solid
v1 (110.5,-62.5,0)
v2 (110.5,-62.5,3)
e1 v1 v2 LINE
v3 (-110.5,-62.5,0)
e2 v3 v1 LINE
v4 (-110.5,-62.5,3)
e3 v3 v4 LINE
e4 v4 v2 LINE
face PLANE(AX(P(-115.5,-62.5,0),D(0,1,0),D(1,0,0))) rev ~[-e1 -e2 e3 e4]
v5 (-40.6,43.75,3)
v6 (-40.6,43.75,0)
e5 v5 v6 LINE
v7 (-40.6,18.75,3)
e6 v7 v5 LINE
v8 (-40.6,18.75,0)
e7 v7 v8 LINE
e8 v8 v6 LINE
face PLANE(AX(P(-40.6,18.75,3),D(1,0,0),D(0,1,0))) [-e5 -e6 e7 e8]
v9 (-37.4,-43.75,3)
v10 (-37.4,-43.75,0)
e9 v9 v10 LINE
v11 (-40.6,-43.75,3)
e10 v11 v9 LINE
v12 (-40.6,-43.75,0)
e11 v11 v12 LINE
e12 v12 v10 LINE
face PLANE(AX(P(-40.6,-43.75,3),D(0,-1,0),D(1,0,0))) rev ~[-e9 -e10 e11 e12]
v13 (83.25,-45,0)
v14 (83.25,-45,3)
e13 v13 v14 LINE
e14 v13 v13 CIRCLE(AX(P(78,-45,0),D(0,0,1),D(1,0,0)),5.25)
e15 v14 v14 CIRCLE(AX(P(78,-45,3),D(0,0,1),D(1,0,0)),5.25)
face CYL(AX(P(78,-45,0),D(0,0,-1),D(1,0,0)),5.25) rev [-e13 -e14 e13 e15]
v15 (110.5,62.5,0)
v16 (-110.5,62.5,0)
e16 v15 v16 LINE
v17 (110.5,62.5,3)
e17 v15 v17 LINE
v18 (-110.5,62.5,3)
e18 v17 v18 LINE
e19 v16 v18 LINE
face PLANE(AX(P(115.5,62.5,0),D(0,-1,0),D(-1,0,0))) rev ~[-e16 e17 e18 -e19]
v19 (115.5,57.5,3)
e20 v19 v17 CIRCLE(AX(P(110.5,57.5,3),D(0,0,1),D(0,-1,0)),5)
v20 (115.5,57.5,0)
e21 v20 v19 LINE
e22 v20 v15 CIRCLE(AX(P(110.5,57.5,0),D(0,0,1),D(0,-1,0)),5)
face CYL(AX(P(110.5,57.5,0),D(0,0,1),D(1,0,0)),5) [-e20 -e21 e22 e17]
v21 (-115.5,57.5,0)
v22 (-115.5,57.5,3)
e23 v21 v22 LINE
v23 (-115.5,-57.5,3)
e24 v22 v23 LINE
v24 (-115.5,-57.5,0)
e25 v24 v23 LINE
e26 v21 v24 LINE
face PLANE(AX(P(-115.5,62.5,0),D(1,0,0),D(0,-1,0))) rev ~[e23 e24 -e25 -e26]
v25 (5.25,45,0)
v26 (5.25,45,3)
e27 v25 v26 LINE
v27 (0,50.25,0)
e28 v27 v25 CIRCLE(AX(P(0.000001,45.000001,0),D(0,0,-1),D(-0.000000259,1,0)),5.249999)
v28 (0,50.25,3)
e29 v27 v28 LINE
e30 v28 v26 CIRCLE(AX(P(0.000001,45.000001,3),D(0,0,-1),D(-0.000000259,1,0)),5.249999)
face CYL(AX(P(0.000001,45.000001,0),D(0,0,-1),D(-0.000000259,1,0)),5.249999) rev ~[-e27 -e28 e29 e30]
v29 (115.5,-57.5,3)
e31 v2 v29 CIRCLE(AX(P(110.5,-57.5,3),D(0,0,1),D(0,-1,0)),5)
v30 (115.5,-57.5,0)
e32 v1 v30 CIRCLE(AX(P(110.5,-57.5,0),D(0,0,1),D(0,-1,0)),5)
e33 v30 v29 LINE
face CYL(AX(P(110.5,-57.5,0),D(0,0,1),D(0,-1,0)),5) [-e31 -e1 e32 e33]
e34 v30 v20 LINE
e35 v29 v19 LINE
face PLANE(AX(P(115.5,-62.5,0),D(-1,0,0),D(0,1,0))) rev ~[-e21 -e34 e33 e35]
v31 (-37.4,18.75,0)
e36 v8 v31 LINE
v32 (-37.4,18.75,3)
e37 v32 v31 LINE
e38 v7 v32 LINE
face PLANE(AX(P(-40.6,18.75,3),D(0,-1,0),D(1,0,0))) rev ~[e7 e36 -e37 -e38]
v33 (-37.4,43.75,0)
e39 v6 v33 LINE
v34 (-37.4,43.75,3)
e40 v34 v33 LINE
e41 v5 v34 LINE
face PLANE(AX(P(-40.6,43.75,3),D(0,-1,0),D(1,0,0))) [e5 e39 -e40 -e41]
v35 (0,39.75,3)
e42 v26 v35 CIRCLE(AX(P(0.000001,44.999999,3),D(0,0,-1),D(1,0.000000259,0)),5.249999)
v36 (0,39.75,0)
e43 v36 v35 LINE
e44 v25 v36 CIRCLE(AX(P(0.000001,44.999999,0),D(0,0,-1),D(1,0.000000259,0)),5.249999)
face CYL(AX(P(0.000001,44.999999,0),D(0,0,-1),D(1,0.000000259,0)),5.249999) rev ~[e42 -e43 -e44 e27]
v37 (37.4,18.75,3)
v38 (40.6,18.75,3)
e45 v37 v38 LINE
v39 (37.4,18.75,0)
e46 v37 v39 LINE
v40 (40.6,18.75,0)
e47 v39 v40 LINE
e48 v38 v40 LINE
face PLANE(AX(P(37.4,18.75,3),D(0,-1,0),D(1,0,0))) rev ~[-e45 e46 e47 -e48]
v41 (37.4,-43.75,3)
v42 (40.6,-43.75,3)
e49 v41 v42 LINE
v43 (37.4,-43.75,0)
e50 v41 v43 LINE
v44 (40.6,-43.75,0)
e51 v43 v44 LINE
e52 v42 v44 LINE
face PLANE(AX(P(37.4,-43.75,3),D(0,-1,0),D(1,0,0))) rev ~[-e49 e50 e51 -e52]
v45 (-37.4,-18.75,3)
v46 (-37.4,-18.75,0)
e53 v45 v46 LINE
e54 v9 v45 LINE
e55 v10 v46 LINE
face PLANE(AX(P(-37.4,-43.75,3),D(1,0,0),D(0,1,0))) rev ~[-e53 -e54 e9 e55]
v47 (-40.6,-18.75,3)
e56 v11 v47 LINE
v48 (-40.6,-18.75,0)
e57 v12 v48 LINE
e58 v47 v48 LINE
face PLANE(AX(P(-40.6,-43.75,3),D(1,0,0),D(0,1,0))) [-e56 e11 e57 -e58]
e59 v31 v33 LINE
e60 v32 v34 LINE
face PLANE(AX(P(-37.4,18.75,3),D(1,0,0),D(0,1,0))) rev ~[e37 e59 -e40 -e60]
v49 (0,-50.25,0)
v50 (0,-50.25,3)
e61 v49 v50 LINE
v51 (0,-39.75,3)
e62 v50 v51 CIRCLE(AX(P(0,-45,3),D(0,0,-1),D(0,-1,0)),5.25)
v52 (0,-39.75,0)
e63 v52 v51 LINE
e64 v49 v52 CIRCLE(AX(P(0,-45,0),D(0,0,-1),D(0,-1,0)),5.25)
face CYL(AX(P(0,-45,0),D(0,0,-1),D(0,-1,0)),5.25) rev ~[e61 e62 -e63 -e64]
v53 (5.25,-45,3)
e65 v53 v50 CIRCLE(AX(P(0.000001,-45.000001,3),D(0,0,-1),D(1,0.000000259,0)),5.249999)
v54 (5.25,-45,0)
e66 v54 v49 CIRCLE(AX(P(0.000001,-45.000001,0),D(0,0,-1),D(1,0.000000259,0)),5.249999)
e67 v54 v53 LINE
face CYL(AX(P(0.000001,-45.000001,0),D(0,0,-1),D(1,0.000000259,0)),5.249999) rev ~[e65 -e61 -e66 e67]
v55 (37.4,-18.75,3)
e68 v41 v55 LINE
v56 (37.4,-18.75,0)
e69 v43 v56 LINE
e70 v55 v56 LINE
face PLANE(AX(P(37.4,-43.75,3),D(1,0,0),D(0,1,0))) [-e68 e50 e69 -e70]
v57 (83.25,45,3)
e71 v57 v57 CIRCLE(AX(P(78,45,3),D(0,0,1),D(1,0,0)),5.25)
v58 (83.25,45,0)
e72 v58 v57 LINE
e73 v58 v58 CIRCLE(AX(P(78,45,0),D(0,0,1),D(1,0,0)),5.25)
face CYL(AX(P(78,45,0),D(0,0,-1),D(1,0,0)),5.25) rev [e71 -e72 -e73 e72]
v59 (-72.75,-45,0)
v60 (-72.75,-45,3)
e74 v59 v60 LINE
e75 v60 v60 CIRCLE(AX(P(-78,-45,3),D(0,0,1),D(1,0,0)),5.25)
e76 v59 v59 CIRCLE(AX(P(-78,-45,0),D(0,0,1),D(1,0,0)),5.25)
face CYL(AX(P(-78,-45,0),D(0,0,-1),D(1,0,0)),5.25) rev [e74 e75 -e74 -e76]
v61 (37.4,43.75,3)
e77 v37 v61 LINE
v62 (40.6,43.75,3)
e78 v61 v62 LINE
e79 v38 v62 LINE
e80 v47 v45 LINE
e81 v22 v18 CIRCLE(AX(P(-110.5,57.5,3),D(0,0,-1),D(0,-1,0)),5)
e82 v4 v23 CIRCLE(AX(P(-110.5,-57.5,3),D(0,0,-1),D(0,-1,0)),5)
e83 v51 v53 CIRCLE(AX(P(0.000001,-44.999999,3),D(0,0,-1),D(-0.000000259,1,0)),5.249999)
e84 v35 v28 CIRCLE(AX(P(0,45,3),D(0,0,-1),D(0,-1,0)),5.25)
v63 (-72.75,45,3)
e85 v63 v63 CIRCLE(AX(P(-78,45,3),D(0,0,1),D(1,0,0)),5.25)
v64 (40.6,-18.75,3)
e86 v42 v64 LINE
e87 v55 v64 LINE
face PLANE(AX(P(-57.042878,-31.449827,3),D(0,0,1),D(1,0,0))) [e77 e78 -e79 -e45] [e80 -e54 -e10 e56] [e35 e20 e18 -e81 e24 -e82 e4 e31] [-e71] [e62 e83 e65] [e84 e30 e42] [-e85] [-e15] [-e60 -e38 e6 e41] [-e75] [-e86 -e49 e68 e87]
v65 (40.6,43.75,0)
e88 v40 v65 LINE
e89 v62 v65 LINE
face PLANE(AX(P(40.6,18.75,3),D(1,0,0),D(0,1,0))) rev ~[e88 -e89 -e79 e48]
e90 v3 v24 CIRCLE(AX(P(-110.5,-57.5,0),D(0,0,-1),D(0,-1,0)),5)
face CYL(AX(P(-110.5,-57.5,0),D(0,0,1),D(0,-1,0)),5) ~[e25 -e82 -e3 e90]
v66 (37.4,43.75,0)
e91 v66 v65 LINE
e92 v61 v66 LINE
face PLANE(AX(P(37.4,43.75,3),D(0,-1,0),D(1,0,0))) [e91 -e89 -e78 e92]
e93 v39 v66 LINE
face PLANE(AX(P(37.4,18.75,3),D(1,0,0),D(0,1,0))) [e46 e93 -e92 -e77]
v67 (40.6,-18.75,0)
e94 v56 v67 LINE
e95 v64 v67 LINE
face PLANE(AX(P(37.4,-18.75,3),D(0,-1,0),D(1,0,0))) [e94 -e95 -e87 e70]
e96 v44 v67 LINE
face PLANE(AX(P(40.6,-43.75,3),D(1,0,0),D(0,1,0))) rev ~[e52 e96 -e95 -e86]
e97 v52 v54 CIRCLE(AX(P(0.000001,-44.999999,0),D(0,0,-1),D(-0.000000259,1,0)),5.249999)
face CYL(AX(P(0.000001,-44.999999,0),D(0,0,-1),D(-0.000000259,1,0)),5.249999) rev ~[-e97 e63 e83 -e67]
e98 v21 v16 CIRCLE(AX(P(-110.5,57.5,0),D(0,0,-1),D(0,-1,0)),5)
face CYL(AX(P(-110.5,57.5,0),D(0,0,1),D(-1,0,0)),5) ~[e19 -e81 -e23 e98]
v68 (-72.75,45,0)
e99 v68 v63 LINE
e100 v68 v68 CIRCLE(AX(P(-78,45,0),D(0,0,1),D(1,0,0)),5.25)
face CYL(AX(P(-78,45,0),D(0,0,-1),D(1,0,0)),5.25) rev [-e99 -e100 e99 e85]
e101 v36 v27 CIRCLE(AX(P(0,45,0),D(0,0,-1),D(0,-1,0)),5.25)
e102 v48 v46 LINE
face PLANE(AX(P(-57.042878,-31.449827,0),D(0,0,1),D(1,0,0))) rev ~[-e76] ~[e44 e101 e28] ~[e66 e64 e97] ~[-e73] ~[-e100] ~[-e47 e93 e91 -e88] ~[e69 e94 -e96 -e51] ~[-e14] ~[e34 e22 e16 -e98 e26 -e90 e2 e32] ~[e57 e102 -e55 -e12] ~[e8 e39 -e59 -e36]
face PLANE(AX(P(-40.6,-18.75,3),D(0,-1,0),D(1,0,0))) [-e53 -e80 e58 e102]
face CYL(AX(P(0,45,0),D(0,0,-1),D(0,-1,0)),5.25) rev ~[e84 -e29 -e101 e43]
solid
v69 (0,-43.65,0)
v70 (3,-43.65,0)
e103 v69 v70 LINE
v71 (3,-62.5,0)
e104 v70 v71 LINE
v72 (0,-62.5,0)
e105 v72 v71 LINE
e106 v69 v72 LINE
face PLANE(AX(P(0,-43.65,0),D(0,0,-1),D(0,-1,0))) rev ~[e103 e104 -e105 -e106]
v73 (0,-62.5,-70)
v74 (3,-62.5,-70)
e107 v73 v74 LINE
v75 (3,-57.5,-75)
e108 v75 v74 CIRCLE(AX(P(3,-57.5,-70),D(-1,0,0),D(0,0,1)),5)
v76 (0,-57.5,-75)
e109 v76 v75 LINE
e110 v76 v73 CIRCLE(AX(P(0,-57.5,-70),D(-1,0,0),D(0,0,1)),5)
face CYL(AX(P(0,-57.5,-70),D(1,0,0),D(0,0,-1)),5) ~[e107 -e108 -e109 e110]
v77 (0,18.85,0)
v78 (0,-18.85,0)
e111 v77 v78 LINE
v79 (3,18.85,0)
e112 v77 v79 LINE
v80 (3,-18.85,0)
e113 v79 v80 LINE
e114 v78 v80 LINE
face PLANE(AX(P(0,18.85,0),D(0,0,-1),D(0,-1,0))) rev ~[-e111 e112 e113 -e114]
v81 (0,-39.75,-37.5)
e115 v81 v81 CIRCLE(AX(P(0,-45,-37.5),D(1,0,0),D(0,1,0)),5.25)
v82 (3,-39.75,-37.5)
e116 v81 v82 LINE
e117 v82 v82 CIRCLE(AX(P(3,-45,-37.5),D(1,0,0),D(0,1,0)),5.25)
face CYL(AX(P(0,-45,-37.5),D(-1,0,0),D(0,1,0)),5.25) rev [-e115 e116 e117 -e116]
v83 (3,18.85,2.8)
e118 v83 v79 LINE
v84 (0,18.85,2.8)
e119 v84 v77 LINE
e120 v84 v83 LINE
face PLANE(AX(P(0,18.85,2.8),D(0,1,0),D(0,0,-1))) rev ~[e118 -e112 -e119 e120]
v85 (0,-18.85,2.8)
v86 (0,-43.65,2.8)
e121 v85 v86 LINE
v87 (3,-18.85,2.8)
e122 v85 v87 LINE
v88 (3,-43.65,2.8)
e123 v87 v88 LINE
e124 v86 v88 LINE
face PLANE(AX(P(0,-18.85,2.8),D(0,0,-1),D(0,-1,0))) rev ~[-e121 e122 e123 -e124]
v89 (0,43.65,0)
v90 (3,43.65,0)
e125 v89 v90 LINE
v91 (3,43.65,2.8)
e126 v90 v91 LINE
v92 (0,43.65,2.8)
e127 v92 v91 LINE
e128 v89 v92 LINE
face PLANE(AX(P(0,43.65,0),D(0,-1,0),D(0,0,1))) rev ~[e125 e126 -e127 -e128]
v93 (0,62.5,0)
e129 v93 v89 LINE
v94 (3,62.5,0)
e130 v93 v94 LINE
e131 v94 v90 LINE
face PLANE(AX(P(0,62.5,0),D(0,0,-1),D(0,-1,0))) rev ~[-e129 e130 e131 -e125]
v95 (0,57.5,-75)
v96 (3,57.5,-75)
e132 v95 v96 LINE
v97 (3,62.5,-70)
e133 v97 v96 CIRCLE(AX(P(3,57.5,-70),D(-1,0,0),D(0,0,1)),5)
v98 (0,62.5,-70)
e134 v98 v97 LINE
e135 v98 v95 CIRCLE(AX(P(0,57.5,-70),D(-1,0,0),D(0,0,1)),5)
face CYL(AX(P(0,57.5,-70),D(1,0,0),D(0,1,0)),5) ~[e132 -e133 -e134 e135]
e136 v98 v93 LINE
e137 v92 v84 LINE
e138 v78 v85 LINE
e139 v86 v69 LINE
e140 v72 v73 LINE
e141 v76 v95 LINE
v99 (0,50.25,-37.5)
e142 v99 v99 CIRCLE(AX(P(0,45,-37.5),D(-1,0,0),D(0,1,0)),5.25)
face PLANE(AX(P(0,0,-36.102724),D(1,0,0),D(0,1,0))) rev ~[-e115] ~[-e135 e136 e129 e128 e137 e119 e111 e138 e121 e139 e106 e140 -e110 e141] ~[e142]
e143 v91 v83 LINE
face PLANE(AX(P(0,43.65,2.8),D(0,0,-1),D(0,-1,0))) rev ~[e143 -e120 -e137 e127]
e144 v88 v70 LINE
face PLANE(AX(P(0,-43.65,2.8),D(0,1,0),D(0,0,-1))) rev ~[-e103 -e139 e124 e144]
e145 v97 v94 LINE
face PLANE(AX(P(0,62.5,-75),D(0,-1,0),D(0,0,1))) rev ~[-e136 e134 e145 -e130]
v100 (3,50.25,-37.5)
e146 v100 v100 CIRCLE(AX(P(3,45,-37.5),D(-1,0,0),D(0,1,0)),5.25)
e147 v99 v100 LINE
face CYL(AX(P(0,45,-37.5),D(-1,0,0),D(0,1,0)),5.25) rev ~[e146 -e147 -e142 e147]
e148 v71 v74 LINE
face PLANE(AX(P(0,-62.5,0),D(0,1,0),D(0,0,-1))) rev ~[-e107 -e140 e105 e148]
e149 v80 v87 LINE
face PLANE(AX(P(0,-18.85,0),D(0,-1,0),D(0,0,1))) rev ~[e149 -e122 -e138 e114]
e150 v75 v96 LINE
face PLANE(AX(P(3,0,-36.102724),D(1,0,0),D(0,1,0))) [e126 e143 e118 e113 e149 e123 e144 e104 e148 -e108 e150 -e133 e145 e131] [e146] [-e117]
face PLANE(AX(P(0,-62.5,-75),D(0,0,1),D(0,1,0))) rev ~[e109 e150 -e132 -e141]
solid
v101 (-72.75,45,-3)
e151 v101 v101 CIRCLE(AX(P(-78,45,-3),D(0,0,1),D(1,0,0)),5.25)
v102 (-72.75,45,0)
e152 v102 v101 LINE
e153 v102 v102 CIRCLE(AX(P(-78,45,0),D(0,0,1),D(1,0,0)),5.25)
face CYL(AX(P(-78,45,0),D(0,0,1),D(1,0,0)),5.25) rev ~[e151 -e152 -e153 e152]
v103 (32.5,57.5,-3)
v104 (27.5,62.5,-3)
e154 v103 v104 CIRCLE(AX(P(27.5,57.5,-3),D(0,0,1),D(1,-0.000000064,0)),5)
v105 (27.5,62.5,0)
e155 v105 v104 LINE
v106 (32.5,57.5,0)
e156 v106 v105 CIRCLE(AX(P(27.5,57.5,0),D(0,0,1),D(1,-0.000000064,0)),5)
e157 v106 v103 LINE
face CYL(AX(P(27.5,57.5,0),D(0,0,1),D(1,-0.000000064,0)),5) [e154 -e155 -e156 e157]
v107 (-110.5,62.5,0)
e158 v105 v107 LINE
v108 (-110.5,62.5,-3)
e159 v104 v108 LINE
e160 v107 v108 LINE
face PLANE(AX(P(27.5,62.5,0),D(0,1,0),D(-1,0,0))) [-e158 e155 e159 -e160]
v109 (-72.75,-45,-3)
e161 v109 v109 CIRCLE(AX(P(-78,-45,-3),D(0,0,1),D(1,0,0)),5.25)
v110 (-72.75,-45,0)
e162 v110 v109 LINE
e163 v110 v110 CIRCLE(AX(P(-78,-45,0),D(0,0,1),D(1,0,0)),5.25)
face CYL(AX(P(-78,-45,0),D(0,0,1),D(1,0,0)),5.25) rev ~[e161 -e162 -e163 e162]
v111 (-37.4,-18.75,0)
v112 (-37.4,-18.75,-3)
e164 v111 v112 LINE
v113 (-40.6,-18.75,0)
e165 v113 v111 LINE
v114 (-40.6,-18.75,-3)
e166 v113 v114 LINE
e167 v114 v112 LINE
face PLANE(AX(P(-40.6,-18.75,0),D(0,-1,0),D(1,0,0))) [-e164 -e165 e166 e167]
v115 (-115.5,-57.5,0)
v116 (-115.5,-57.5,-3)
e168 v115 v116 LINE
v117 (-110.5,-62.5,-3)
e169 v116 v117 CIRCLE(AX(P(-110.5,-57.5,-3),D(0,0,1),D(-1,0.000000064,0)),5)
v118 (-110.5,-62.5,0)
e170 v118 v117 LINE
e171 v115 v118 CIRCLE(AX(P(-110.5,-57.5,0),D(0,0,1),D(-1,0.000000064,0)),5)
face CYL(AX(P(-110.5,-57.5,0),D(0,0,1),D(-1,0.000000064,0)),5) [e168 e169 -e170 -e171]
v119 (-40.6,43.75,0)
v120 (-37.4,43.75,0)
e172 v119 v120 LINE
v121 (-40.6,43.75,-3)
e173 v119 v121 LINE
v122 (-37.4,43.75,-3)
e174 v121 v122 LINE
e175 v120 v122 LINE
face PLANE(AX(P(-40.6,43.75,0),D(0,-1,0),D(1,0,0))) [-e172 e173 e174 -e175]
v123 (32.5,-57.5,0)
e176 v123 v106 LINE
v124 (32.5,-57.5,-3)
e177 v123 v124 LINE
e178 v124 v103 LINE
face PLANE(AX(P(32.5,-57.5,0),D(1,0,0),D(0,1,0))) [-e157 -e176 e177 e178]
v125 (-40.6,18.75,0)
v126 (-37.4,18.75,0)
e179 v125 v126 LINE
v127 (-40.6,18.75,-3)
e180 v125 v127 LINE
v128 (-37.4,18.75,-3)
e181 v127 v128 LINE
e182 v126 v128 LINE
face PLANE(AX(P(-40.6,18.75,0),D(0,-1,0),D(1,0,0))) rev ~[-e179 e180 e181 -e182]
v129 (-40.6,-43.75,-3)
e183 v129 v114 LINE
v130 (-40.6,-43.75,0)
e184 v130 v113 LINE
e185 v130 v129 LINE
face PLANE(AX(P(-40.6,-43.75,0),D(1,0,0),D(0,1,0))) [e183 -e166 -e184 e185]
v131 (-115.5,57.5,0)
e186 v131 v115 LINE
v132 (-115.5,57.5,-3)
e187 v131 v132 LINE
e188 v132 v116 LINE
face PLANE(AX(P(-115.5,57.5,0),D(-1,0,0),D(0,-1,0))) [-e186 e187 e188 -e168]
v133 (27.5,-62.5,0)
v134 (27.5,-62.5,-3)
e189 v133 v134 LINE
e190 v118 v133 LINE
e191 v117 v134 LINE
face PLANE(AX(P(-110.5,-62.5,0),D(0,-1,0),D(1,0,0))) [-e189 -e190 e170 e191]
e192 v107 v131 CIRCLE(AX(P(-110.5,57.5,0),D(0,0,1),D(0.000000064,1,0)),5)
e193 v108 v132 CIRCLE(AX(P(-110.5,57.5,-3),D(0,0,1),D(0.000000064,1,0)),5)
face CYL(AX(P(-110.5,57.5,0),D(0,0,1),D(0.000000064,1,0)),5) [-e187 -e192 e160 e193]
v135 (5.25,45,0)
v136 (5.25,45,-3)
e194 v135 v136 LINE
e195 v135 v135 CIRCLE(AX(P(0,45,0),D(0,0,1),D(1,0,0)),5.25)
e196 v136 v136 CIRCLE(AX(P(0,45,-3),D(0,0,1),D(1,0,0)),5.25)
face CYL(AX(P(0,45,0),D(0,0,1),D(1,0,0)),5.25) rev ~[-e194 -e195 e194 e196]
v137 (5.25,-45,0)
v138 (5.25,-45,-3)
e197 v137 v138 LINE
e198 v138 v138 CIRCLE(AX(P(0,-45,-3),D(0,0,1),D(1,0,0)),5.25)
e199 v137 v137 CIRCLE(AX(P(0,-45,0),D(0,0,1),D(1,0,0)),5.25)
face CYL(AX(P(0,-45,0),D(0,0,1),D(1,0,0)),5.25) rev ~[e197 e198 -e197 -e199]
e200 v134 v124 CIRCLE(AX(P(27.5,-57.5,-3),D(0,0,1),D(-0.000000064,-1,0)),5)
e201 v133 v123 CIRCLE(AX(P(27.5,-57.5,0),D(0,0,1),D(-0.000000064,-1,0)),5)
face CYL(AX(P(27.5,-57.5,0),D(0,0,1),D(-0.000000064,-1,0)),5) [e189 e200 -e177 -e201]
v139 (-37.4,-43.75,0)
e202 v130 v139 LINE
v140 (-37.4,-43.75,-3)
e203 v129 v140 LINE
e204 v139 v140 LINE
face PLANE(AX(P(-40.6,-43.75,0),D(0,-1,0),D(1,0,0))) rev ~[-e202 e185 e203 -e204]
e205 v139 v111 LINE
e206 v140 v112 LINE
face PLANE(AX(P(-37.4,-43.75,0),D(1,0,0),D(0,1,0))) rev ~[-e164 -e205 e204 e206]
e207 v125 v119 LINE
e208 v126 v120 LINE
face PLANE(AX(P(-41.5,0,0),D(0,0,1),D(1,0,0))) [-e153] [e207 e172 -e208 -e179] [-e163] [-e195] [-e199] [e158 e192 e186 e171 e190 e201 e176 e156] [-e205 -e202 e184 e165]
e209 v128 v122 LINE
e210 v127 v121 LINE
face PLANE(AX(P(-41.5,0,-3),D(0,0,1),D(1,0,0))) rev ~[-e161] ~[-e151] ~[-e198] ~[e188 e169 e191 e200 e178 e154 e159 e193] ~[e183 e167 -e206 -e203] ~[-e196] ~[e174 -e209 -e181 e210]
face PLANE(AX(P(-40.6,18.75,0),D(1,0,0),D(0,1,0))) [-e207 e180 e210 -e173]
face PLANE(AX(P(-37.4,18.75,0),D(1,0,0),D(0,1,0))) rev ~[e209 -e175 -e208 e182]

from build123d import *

# Parameters (mm, degrees)
F0_R     = 5.25
F1_DEPTH = 3
F2_W     = 3.2
F2_H     = 25
F3_DEPTH = 25
F4_R     = 5
F5_R     = 5.25
F6_DEPTH = 3
F7_R     = 5
F8_R     = 5.25
F8_W     = 3.2
F8_H     = 25
F9_DEPTH = 3


with BuildPart() as f1:
    # F0 (on Top) → F1 (new body)
    with BuildSketch(Plane.XY):
        with BuildLine():
            Line((0, 0), (-115.5, 0))
            Line((-115.5, 0), (-115.5, -62.5))
            Line((-115.5, -62.5), (0, -62.5))
            Line((0, -62.5), (0, -50.25))
            ThreePointArc((0, -50.25), (-5.25, -45), (0, -39.75))
            Line((0, -39.75), (0, 0))
        make_face()
        with Locations((-78, -45)):
            Circle(F0_R, mode=Mode.SUBTRACT)
        with BuildLine():
            Line((115.5, 0), (0, 0))
            Line((0, 0), (0, -39.75))
            ThreePointArc((0, -39.75), (3.712311, -41.287689), (5.25, -45))
            ThreePointArc((5.25, -45), (3.712311, -48.712311), (0, -50.25))
            Line((0, -50.25), (0, -62.5))
            Line((0, -62.5), (115.5, -62.5))
            Line((115.5, -62.5), (115.5, 0))
        make_face()
        with Locations((78, -45)):
            Circle(F0_R, mode=Mode.SUBTRACT)
        with BuildLine():
            Line((115.5, 62.5), (0, 62.5))
            Line((0, 62.5), (0, 50.25))
            ThreePointArc((0, 50.25), (3.712311, 48.712311), (5.25, 45))
            ThreePointArc((5.25, 45), (3.712311, 41.287689), (0, 39.75))
            Line((0, 39.75), (0, 0))
            Line((0, 0), (115.5, 0))
            Line((115.5, 0), (115.5, 62.5))
        make_face()
        with Locations((78, 45)):
            Circle(F0_R, mode=Mode.SUBTRACT)
        with BuildLine():
            Line((0, 62.5), (-115.5, 62.5))
            Line((-115.5, 62.5), (-115.5, 0))
            Line((-115.5, 0), (0, 0))
            Line((0, 0), (0, 39.75))
            ThreePointArc((0, 39.75), (-5.25, 45), (0, 50.25))
            Line((0, 50.25), (0, 62.5))
        make_face()
        with Locations((-78, 45)):
            Circle(F0_R, mode=Mode.SUBTRACT)
    extrude(amount=F1_DEPTH)

    # F2 (on face) → F3 (cut)
    with BuildSketch(Plane.XY.offset(3)):
        with Locations((39, 31.25)):
            Rectangle(F2_W, F2_H)
        with Locations((-39, 31.25)):
            Rectangle(F2_W, F2_H)
        with Locations((39, -31.25)):
            Rectangle(F2_W, F2_H)
        with Locations((-39, -31.25)):
            Rectangle(F2_W, F2_H)
    extrude(amount=-F3_DEPTH, mode=Mode.SUBTRACT)

    # F4
    f4_edges = [f1.edges().sort_by_distance(p)[0] for p in [
        (115.5, 62.5, 1.5),
        (115.5, -62.5, 1.5),
        (-115.5, 62.5, 1.5),
        (-115.5, -62.5, 1.5),
    ]]
    fillet(f4_edges, radius=F4_R)


with BuildPart() as f6:
    # F5 (on Right) → F6 (new body)
    with BuildSketch(Plane.YZ):
        Polygon((62.5, -75), (62.5, 0), (43.65, 0), (43.65, 2.8), (18.85, 2.8), (18.85, 0), (-18.85, 0), (-18.85, 2.8), (-43.65, 2.8), (-43.65, 0), (-62.5, 0), (-62.5, -75), align=None)
        with Locations((-45, -37.5)):
            Circle(F5_R, mode=Mode.SUBTRACT)
        with BuildLine():
            ThreePointArc((39.75, -37.5), (45, -32.25), (50.25, -37.5))
            ThreePointArc((50.25, -37.5), (45, -42.75), (39.75, -37.5))
        make_face(mode=Mode.SUBTRACT)
    extrude(amount=F6_DEPTH)

    # F7
    f7_edges = [f6.edges().sort_by_distance(p)[0] for p in [
        (1.5, 62.5, -75),
        (1.5, -62.5, -75),
    ]]
    fillet(f7_edges, radius=F7_R)


with BuildPart() as f9:
    # F8 (on Top) → F9 (new body)
    with BuildSketch(Plane.XY):
        with BuildLine():
            Line((27.5, 62.5), (-110.5, 62.5))
            ThreePointArc((-110.5, 62.5), (-114.035534, 61.035534), (-115.5, 57.5))
            Line((-115.5, 57.5), (-115.5, -57.5))
            ThreePointArc((-115.5, -57.5), (-114.035534, -61.035534), (-110.5, -62.5))
            Line((-110.5, -62.5), (27.5, -62.5))
            ThreePointArc((27.5, -62.5), (31.035534, -61.035534), (32.5, -57.5))
            Line((32.5, -57.5), (32.5, 0))
            Line((32.5, 0), (32.5, 57.5))
            ThreePointArc((32.5, 57.5), (31.035534, 61.035534), (27.5, 62.5))
        make_face()
        with Locations((-78, -45)):
            Circle(F8_R, mode=Mode.SUBTRACT)
        with Locations((0, -45)):
            Circle(F8_R, mode=Mode.SUBTRACT)
        with Locations((-39, -31.25)):
            Rectangle(F8_W, F8_H, mode=Mode.SUBTRACT)
        with Locations((-78, 45)):
            Circle(F8_R, mode=Mode.SUBTRACT)
        with Locations((-39, 31.25)):
            Rectangle(F8_W, F8_H, mode=Mode.SUBTRACT)
        with Locations((0, 45)):
            Circle(F8_R, mode=Mode.SUBTRACT)
    extrude(amount=-F9_DEPTH)


solid = Compound([f1.part, f6.part, f9.part])
